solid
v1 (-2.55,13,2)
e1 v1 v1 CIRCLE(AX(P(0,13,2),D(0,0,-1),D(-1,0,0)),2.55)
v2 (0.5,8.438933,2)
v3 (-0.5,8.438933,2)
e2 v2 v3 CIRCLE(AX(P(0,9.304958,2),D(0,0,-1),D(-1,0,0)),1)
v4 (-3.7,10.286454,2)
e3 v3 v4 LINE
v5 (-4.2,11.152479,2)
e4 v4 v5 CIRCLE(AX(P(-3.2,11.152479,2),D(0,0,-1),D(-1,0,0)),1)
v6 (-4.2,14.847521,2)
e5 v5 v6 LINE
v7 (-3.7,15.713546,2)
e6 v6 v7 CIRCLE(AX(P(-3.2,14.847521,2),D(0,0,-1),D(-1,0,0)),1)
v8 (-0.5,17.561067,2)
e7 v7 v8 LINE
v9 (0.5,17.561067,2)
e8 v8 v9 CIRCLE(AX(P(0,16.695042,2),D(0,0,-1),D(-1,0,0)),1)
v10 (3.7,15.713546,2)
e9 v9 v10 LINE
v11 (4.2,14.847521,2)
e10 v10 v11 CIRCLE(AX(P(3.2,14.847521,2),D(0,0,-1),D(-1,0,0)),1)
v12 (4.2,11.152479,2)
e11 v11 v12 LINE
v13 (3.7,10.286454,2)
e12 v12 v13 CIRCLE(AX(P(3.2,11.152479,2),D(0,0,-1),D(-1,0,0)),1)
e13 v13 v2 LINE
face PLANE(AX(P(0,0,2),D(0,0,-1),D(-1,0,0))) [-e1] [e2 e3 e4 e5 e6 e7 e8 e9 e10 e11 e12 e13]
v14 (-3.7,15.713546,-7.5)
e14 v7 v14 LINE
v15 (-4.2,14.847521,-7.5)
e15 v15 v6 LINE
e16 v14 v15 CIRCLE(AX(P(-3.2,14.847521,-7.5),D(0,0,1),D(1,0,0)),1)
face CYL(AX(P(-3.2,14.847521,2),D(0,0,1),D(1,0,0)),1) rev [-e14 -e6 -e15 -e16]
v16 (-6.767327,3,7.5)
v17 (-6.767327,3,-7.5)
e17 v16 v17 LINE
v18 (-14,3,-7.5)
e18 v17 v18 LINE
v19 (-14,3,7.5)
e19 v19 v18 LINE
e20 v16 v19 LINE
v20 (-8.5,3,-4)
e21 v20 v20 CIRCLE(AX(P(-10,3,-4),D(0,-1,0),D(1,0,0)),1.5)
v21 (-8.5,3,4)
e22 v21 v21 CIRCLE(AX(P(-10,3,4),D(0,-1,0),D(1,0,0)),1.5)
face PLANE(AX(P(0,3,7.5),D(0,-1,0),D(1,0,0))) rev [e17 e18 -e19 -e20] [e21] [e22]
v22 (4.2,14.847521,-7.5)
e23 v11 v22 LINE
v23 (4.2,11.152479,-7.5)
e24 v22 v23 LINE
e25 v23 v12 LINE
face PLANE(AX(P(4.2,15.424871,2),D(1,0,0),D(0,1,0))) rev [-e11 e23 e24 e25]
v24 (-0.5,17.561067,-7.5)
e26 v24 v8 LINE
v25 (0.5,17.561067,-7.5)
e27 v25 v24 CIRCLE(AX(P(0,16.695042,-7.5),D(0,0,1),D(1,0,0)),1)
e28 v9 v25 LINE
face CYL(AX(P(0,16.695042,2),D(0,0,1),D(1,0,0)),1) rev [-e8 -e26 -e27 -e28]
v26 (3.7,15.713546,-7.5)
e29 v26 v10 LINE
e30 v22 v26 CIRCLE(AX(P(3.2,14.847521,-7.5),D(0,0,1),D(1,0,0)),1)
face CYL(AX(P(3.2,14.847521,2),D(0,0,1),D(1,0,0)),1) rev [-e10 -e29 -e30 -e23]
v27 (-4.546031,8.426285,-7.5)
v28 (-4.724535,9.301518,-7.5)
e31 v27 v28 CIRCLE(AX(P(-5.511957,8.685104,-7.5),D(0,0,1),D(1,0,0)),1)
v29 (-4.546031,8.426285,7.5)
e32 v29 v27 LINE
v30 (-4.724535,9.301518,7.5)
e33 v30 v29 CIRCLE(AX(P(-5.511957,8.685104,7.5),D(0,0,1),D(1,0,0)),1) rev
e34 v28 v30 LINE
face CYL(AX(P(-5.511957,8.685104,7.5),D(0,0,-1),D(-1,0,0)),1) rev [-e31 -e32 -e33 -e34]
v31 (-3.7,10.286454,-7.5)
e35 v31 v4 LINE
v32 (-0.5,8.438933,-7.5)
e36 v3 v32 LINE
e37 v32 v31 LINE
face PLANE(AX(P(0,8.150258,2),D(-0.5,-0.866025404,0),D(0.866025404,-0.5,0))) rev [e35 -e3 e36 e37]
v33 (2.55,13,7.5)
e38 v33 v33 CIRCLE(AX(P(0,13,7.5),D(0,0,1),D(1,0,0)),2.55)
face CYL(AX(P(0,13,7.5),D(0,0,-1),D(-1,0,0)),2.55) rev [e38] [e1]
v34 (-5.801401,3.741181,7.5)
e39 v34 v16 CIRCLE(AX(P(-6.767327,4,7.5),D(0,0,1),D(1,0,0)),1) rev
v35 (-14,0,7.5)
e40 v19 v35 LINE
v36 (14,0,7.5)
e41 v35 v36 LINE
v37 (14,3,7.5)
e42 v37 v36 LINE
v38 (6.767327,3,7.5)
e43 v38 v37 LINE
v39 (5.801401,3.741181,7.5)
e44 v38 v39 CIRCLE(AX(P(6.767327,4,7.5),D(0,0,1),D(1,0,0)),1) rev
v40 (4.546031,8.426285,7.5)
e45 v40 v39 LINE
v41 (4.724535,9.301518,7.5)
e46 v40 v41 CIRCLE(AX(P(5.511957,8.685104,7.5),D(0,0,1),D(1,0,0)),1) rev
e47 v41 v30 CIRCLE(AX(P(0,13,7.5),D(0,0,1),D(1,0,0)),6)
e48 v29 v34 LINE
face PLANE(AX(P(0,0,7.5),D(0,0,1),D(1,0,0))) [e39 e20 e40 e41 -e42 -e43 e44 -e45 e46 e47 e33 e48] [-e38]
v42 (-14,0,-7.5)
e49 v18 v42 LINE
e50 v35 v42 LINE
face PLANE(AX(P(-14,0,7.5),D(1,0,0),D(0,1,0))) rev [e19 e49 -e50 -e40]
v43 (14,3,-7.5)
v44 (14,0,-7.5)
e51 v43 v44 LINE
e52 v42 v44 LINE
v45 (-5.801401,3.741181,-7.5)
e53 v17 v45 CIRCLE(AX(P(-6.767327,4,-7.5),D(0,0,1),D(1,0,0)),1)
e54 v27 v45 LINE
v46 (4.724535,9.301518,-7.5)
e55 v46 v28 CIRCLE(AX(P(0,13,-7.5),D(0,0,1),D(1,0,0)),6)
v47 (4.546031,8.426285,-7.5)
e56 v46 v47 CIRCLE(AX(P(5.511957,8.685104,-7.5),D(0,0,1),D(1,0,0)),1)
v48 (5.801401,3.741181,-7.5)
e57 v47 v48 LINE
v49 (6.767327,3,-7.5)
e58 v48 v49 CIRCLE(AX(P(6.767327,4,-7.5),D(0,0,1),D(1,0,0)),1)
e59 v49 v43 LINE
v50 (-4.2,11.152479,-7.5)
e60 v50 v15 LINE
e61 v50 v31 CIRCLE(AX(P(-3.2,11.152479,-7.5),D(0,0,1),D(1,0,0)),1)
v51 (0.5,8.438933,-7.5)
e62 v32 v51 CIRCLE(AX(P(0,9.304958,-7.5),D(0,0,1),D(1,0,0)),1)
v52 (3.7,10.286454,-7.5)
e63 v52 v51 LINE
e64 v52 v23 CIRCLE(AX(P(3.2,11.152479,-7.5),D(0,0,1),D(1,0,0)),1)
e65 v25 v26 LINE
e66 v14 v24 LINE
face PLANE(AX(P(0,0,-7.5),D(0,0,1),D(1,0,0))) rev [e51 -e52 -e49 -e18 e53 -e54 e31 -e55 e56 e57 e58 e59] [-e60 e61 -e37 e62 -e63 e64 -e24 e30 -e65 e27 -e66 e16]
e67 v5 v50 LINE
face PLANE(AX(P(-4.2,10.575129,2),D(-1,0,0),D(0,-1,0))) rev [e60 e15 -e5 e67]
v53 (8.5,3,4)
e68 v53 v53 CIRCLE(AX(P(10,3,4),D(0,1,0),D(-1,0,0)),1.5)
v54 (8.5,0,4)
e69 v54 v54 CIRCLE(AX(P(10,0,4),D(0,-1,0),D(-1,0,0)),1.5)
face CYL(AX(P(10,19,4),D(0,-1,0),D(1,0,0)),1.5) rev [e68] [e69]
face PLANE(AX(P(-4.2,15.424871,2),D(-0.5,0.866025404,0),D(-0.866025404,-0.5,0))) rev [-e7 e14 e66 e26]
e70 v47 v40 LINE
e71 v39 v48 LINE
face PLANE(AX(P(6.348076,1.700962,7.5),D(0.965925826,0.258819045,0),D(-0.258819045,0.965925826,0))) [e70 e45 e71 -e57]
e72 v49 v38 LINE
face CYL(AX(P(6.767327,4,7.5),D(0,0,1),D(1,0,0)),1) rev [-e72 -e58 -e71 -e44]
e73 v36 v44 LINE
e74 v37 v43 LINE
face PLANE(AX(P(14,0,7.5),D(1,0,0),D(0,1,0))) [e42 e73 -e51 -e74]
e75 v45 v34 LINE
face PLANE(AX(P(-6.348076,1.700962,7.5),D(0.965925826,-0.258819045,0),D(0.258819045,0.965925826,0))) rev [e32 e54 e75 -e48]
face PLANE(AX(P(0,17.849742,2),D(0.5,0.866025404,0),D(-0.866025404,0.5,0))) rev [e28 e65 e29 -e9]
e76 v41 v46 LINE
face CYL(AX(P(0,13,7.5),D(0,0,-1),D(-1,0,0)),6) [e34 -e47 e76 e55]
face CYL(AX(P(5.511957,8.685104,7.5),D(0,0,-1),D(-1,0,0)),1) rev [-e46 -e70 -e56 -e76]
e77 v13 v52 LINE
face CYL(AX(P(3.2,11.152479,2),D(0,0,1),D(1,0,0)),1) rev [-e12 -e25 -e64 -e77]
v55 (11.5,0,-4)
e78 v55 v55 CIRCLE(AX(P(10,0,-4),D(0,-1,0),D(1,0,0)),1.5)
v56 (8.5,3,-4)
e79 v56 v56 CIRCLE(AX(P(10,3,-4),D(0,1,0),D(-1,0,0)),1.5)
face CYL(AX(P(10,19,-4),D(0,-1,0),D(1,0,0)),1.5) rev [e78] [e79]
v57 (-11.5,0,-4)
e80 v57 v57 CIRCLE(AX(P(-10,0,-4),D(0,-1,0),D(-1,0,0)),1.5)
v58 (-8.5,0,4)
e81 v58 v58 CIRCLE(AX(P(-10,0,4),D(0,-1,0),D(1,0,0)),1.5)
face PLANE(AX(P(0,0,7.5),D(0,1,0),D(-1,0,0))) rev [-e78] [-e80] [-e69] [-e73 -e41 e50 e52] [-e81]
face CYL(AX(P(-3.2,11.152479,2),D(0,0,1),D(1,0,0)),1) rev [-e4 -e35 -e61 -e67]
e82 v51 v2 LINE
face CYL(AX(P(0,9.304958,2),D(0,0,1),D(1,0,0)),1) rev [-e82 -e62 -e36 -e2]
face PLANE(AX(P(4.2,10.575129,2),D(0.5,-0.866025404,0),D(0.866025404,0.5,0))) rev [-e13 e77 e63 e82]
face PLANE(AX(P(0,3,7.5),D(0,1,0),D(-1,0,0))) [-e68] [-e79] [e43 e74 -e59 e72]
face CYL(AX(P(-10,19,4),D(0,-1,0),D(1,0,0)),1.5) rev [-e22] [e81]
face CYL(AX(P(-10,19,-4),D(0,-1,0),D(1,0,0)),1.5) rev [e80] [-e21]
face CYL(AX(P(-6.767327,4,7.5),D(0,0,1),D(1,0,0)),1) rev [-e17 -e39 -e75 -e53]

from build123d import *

# Parameters (mm, degrees)
SKETCH_1_R          = 6
SKETCH_1_R_2        = 2.55
EXTRUDE_1_DEPTH     = 7.5
SKETCH_2_R          = 1.5
CUT_EXTRUDE_1_DEPTH = 25.763884994
CUT_EXTRUDE_2_DEPTH = 9.5
FILLET_1_R          = 1


with BuildPart() as part:
    # 草图1 → 凸台-拉伸1 (new, symmetric)
    # profile 1 of 2: a face of its own
    with BuildSketch(Plane.XY):
        with Locations((0, 13)):
            Circle(SKETCH_1_R)
        with Locations((0, 13)):
            Circle(SKETCH_1_R_2, mode=Mode.SUBTRACT)
    # profile 2 of 2: a face of its own
    with BuildSketch(Plane.XY):
        with BuildLine():
            ThreePointArc((4.410490728, 8.932129361), (0, 7), (-4.410490728, 8.932129361))
            Line((-4.410490728, 8.932129361), (-6, 3))
            Line((-6, 3), (-14, 3))
            Line((-14, 3), (-14, 0))
            Line((-14, 0), (14, 0))
            Line((14, 0), (14, 3))
            Line((14, 3), (6, 3))
            Line((6, 3), (4.410490728, 8.932129361))
        make_face()
    extrude(amount=EXTRUDE_1_DEPTH, both=True)

    # 草图2 → 切除-拉伸1 (cut, through all)
    with BuildSketch(Plane.XZ):
        with Locations((-10, 4)):
            Circle(SKETCH_2_R)
        with Locations((-10, -4)):
            Circle(SKETCH_2_R)
        with Locations((10, -4)):
            Circle(SKETCH_2_R)
        with Locations(Location((10, 4, 0), (0, 0, 180))):
            Circle(SKETCH_2_R)
    extrude(amount=-CUT_EXTRUDE_1_DEPTH, mode=Mode.SUBTRACT)

    # 草图3 → 切除-拉伸2 (cut)
    with BuildSketch(Plane(origin=(0, 0, -7.5), x_dir=(-1, 0, 0), z_dir=(0, 0, -1))):
        Polygon((0, 8.150257739), (4.2, 10.575128869), (4.2, 15.424871131), (0, 17.849742261), (-4.2, 15.424871131), (-4.2, 10.575128869), align=None)
    extrude(amount=-CUT_EXTRUDE_2_DEPTH, mode=Mode.SUBTRACT)

    # 圆角1
    fillet_1_edges = [part.edges().sort_by_distance(p)[0] for p in [
        (4.410490728, 8.932129361, 0),
        (6, 3, 0),
        (-6, 3, 0),
        (-4.410490728, 8.932129361, 0),
        (0, 8.150257739, -2.75),
        (4.2, 10.575128869, -2.75),
        (4.2, 15.424871131, -2.75),
        (0, 17.849742261, -2.75),
        (-4.2, 15.424871131, -2.75),
        (-4.2, 10.575128869, -2.75),
    ]]
    fillet(fillet_1_edges, radius=FILLET_1_R)


solid = part.part
